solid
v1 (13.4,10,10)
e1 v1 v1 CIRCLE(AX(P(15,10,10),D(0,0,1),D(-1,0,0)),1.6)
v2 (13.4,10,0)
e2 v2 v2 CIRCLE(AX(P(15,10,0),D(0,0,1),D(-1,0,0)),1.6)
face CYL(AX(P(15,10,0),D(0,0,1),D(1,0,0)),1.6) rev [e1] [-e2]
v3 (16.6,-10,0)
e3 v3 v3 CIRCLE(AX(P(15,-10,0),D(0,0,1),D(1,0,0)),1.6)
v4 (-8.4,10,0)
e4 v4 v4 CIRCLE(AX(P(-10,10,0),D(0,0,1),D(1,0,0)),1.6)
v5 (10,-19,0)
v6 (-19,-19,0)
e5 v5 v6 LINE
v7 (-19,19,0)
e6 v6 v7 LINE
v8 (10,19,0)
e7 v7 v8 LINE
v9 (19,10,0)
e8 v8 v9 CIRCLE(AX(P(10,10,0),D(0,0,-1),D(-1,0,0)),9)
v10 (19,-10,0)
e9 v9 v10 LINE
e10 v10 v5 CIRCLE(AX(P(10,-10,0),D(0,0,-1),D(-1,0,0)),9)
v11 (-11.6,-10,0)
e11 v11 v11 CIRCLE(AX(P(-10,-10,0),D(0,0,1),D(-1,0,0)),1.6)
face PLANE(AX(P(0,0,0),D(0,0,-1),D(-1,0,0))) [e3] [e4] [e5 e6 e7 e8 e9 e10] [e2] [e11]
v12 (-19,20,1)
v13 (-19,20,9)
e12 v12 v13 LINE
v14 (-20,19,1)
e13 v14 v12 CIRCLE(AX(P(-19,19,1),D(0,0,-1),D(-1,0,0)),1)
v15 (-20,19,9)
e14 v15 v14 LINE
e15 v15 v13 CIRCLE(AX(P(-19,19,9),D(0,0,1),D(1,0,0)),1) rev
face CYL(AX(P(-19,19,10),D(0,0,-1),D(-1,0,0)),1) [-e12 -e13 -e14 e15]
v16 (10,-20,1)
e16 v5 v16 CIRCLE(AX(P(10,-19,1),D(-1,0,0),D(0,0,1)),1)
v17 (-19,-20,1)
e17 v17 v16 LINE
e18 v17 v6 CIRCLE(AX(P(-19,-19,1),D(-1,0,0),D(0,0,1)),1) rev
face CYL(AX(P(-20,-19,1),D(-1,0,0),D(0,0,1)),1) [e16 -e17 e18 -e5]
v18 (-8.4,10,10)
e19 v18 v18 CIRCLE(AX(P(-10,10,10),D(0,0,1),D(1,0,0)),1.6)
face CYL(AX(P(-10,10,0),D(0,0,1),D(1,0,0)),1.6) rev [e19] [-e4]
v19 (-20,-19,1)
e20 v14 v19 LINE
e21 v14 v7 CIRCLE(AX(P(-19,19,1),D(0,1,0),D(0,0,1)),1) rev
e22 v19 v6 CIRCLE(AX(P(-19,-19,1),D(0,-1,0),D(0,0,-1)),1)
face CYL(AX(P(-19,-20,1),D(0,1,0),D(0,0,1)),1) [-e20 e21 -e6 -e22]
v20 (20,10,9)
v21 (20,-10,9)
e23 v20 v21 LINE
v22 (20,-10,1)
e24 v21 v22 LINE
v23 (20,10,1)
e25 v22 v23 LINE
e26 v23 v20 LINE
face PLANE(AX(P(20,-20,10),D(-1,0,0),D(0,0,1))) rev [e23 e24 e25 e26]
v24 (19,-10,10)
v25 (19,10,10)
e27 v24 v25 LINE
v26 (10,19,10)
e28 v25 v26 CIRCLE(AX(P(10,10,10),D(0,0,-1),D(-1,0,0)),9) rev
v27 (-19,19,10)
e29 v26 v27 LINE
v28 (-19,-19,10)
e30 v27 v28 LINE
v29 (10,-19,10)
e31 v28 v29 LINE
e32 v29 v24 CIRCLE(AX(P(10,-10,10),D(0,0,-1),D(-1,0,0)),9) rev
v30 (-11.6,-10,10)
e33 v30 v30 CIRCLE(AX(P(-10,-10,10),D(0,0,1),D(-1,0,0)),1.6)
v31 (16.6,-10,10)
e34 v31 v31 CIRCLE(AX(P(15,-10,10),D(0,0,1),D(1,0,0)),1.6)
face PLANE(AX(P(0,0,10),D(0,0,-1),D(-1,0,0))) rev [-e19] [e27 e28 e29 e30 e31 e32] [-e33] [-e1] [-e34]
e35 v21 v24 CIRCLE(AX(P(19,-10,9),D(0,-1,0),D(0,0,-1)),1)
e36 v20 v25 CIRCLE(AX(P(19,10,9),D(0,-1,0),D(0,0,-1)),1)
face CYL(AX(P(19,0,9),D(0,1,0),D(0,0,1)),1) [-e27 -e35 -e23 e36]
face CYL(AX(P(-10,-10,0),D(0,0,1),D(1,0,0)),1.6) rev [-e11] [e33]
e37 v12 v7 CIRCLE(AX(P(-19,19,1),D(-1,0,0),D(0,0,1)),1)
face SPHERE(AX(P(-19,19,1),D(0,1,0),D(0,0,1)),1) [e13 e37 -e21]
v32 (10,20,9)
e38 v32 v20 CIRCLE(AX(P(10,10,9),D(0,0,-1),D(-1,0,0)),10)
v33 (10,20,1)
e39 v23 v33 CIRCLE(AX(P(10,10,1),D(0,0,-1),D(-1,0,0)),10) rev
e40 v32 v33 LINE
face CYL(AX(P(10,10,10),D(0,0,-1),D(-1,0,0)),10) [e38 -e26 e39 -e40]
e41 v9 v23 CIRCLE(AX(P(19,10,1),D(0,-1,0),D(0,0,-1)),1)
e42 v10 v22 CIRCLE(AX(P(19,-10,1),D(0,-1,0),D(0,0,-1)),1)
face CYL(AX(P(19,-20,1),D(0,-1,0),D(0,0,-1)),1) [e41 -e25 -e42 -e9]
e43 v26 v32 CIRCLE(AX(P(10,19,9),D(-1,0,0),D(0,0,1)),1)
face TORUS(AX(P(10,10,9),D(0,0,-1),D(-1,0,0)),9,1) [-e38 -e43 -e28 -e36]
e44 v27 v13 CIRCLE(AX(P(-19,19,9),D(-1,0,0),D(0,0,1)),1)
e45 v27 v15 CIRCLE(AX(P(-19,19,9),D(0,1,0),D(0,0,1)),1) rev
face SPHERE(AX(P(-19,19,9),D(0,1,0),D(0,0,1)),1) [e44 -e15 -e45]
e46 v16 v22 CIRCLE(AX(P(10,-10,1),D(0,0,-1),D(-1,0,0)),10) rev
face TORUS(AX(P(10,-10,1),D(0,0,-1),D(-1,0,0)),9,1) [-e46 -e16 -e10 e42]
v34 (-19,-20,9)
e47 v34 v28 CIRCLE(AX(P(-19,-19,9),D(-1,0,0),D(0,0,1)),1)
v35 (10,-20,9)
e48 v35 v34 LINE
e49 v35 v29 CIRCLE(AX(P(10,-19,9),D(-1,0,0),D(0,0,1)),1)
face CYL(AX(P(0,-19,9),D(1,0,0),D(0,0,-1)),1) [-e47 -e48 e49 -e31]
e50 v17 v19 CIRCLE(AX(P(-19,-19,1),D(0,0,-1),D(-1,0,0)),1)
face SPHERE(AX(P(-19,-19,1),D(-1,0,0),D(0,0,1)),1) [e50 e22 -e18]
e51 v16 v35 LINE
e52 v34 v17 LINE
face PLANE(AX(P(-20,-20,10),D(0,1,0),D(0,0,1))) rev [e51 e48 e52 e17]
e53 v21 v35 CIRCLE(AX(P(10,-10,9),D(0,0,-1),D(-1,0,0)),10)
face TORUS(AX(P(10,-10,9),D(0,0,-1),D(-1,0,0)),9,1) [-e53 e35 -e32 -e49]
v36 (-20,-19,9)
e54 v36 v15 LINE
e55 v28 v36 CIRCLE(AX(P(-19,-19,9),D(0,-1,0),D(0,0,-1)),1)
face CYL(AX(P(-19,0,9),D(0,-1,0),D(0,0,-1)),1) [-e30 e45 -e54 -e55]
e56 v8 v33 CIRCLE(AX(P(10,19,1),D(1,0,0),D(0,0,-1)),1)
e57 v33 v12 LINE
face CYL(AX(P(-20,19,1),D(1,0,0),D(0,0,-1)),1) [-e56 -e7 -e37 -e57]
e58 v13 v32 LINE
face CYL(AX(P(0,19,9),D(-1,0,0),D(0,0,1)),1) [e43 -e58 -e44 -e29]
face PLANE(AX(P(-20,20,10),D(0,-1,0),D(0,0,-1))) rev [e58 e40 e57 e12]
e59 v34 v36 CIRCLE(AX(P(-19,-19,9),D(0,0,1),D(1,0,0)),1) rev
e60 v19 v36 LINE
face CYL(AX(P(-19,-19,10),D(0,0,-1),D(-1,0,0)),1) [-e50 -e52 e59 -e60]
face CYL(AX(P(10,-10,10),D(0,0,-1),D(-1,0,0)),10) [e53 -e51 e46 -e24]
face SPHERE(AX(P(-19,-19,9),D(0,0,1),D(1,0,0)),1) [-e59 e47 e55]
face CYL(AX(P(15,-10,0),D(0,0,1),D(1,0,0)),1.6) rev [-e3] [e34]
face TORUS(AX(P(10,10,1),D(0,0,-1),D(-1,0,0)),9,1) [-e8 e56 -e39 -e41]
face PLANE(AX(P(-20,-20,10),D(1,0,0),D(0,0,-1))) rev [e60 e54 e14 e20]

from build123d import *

# Parameters (mm, degrees)
SKETCH_1_W          = 40
SKETCH_1_H          = 40
EXTRUDE_1_DEPTH     = 10
SKETCH_2_R          = 1.6
CUT_EXTRUDE_1_DEPTH = 31
FILLET_1_R          = 10
FILLET_2_R          = 1


with BuildPart() as part:
    # 草图1 → 凸台-拉伸1 (new body)
    with BuildSketch(Plane.XY):
        Rectangle(SKETCH_1_W, SKETCH_1_H)
    extrude(amount=EXTRUDE_1_DEPTH)

    # 草图2 → 切除-拉伸1 (cut, through all)
    with BuildSketch(Plane.XY.offset(10)):
        with Locations((-10, 10)):
            Circle(SKETCH_2_R)
        with Locations(Location((15, 10, 0), (0, 0, 180))):
            Circle(SKETCH_2_R)
        with Locations((15, -10)):
            Circle(SKETCH_2_R)
        with Locations(Location((-10, -10, 0), (0, 0, 180))):
            Circle(SKETCH_2_R)
    extrude(amount=-CUT_EXTRUDE_1_DEPTH, mode=Mode.SUBTRACT)

    # 圆角1
    fillet_1_edges = [part.edges().sort_by_distance(p)[0] for p in [
        (20, -20, 5),
        (20, 20, 5),
    ]]
    fillet(fillet_1_edges, radius=FILLET_1_R)

    # 圆角2
    fillet_2_edges = [part.edges().sort_by_distance(p)[0] for p in [
        (-20, 0, 10),
        (-5, -20, 10),
        (20, 0, 0),
        (20, 0, 10),
        (-5, 20, 0),
        (17.071067812, 17.071067812, 0),
        (17.071067812, -17.071067812, 0),
        (-5, 20, 10),
        (17.071067812, 17.071067812, 10),
        (17.071067812, -17.071067812, 10),
        (-5, -20, 0),
        (-20, 0, 0),
        (-20, -20, 5),
        (-20, 20, 5),
    ]]
    fillet(fillet_2_edges, radius=FILLET_2_R)


solid = part.part
